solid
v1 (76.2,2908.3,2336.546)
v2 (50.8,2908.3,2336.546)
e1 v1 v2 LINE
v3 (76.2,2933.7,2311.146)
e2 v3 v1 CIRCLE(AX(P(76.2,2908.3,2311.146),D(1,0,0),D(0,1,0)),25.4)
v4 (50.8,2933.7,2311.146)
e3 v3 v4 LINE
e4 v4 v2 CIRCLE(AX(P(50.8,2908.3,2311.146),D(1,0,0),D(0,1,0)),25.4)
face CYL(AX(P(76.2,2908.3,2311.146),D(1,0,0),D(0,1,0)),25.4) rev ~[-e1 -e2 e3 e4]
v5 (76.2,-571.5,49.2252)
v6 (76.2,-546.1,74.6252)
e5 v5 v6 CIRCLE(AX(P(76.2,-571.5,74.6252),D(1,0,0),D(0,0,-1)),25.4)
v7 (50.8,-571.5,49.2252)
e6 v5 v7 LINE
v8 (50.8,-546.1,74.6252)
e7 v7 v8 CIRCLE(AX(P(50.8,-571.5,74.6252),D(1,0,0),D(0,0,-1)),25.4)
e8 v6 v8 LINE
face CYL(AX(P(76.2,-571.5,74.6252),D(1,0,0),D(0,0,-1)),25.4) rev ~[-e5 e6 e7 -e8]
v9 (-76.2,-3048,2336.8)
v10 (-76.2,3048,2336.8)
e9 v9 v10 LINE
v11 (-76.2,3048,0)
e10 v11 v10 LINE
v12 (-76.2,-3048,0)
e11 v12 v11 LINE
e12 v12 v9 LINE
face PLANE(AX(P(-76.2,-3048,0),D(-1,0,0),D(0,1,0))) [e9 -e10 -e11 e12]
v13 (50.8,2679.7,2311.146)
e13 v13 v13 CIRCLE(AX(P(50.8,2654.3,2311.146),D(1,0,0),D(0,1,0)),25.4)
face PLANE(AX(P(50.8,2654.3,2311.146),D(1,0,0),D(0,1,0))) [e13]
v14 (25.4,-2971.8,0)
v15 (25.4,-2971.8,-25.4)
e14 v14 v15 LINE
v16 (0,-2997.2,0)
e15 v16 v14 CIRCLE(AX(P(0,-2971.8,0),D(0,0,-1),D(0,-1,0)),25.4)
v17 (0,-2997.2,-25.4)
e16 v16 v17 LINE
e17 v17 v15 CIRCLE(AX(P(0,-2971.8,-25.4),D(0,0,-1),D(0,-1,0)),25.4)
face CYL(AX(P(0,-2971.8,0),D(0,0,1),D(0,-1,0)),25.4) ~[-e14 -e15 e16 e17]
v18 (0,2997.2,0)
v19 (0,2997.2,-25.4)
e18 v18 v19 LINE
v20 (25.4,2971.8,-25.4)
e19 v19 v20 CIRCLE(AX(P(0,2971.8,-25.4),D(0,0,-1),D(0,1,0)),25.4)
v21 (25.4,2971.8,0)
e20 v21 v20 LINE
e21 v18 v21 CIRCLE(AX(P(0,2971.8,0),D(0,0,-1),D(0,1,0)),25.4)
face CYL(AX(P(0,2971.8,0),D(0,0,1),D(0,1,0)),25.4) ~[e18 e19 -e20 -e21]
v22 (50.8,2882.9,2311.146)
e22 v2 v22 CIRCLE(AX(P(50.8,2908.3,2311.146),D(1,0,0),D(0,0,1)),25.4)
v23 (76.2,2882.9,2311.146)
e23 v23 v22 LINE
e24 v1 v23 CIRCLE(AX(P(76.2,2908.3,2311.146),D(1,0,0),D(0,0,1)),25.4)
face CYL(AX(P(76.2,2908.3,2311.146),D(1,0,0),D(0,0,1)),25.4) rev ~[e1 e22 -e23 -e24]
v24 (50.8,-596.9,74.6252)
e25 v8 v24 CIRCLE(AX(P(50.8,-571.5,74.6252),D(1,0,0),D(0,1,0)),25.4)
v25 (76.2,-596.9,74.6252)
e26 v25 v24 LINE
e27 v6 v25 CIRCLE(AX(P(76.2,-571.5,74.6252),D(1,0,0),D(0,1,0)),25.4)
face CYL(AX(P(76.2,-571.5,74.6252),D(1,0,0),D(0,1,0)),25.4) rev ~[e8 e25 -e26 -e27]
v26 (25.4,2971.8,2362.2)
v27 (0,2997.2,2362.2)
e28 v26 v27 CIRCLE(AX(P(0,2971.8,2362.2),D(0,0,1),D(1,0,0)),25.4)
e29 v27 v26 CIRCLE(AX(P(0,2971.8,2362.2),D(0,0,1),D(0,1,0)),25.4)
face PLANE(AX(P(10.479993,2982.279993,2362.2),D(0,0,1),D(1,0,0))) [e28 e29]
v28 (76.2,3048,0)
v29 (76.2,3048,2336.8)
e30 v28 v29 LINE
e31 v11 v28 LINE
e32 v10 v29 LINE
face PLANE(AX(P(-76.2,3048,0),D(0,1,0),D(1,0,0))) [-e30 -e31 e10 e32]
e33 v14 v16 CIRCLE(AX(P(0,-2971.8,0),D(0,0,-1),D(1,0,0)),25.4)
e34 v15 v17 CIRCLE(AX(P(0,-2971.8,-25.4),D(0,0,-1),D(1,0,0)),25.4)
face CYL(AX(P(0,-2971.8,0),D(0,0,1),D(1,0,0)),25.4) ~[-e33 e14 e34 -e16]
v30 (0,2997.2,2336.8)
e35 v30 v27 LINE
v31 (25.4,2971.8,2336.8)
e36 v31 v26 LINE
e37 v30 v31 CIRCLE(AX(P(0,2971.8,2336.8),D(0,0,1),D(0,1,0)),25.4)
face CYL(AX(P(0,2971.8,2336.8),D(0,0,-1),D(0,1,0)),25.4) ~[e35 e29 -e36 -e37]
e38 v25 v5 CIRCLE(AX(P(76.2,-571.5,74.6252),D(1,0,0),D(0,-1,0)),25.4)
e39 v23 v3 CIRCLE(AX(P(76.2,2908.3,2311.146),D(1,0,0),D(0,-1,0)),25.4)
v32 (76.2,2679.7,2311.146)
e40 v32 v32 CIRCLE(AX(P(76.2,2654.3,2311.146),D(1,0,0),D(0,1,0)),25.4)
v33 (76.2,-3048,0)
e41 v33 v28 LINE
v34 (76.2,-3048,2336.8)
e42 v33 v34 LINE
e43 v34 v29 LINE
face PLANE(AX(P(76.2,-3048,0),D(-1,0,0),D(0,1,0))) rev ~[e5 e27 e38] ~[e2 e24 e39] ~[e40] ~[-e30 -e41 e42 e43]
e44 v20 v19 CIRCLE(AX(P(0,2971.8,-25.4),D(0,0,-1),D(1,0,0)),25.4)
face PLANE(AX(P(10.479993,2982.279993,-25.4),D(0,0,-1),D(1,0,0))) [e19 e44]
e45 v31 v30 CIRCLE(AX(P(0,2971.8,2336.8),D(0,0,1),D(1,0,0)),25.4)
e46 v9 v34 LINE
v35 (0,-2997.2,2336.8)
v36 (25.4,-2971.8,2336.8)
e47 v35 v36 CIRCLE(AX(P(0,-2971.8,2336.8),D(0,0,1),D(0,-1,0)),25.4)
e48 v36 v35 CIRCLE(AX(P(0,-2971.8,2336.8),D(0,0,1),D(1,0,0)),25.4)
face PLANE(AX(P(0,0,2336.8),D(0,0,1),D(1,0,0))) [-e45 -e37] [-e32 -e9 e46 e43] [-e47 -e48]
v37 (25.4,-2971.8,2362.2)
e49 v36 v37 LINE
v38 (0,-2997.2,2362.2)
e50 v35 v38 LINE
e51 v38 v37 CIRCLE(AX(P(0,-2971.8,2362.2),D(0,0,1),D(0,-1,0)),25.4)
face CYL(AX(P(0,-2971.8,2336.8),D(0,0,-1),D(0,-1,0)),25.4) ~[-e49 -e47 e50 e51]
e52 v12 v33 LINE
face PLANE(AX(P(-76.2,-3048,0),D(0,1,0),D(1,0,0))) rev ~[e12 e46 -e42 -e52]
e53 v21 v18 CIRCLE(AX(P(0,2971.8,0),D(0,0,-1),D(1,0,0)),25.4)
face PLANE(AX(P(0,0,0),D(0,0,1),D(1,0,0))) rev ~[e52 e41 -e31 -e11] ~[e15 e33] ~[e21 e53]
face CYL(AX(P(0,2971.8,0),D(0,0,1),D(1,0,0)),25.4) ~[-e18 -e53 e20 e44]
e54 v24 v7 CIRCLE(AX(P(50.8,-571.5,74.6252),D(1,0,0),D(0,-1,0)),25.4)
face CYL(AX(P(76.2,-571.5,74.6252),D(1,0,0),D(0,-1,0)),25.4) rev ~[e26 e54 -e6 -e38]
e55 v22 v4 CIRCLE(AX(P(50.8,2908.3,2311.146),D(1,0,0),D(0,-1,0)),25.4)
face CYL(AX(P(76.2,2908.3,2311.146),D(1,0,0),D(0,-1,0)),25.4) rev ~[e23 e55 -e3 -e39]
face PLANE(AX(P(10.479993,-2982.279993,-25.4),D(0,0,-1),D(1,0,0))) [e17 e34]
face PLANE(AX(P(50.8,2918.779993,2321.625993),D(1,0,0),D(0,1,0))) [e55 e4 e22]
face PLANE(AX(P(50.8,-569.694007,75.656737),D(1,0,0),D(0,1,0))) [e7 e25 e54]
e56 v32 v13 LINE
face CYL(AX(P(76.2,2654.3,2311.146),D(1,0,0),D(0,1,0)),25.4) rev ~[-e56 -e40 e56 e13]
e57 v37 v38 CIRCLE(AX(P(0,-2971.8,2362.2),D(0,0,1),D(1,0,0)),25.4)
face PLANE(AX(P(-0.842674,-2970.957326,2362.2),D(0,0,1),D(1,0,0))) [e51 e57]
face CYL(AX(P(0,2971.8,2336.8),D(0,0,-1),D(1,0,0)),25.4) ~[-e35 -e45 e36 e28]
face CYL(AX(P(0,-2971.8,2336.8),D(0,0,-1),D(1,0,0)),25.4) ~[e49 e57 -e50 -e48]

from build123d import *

# Parameters (mm, degrees)
F0_W     = 152.4
F0_H     = 6096
F1_DEPTH = 2336.8
F3_DEPTH = 25.4
F5_DEPTH = 25.4
F6_R     = 25.4
F7_DEPTH = 25.4


with BuildPart() as f1:
    # F0 (on Top) → F1 (new body)
    with BuildSketch(Plane.XY):
        Rectangle(F0_W, F0_H)
    extrude(amount=F1_DEPTH)

    # F2 (on face) → F3 (join)
    with BuildSketch(Plane.XY.offset(2336.8)):
        with BuildLine():
            Line((0, 2971.8), (25.4, 2971.8))
            ThreePointArc((25.4, 2971.8), (17.9605122421, 2989.7605122421), (0, 2997.2))
            Line((0, 2997.2), (0, 2971.8))
        make_face()
        with BuildLine():
            ThreePointArc((0, 2997.2), (-17.9605122421, 2953.8394877579), (25.4, 2971.8))
            Line((25.4, 2971.8), (0, 2971.8))
            Line((0, 2971.8), (0, 2997.2))
        make_face()
        with BuildLine():
            ThreePointArc((25.4, -2971.8), (-17.9605122421, -2953.8394877579), (0, -2997.2))
            Line((0, -2997.2), (0, -2971.8))
            Line((0, -2971.8), (25.4, -2971.8))
        make_face()
        with BuildLine():
            Line((0, -2971.8), (0, -2997.2))
            ThreePointArc((0, -2997.2), (17.9605122421, -2989.7605122421), (25.4, -2971.8))
            Line((25.4, -2971.8), (0, -2971.8))
        make_face()
    extrude(amount=F3_DEPTH)

    # F4 (on face) → F5 (join)
    with BuildSketch(Plane(origin=(0, 0, 0), x_dir=(1, 0, 0), z_dir=(0, 0, -1))):
        with BuildLine():
            ThreePointArc((25.4, 2971.8), (17.9605122421, 2989.7605122421), (0, 2997.2))
            Line((0, 2997.2), (0, 2971.8))
            Line((0, 2971.8), (25.4, 2971.8))
        make_face()
        with BuildLine():
            Line((0, 2971.8), (0, 2997.2))
            ThreePointArc((0, 2997.2), (-17.9605122421, 2953.8394877579), (25.4, 2971.8))
            Line((25.4, 2971.8), (0, 2971.8))
        make_face()
        with BuildLine():
            ThreePointArc((0, -2997.2), (17.9605122421, -2989.7605122421), (25.4, -2971.8))
            Line((25.4, -2971.8), (0, -2971.8))
            Line((0, -2971.8), (0, -2997.2))
        make_face()
        with BuildLine():
            Line((0, -2971.8), (25.4, -2971.8))
            ThreePointArc((25.4, -2971.8), (-17.9605122421, -2953.8394877579), (0, -2997.2))
            Line((0, -2997.2), (0, -2971.8))
        make_face()
    extrude(amount=F5_DEPTH)

    # F6 (on face) → F7 (cut)
    with BuildSketch(Plane.YZ.offset(76.2)):
        with BuildLine():
            Line((-571.5, 74.6252), (-571.5, 49.2252))
            ThreePointArc((-571.5, 49.2252), (-553.5394877579, 56.6646877579), (-546.1, 74.6252))
            ThreePointArc((-546.1, 74.6252), (-571.5, 100.0252), (-596.9, 74.6252))
            Line((-596.9, 74.6252), (-571.5, 74.6252))
        make_face()
        with BuildLine():
            ThreePointArc((-596.9, 74.6252), (-589.4605122421, 56.6646877579), (-571.5, 49.2252))
            Line((-571.5, 49.2252), (-571.5, 74.6252))
            Line((-571.5, 74.6252), (-596.9, 74.6252))
        make_face()
        with BuildLine():
            Line((2908.3, 2311.146), (2933.7, 2311.146))
            ThreePointArc((2933.7, 2311.146), (2926.2605122421, 2329.1065122421), (2908.3, 2336.546))
            Line((2908.3, 2336.546), (2908.3, 2311.146))
        make_face()
        with BuildLine():
            Line((2908.3, 2311.146), (2908.3, 2336.546))
            ThreePointArc((2908.3, 2336.546), (2890.3394877579, 2329.1065122421), (2882.9, 2311.146))
            Line((2882.9, 2311.146), (2908.3, 2311.146))
        make_face()
        with BuildLine():
            ThreePointArc((2882.9, 2311.146), (2908.3, 2285.746), (2933.7, 2311.146))
            Line((2933.7, 2311.146), (2908.3, 2311.146))
            Line((2908.3, 2311.146), (2882.9, 2311.146))
        make_face()
        with Locations((2654.3, 2311.146)):
            Circle(F6_R)
    extrude(amount=-F7_DEPTH, mode=Mode.SUBTRACT)


solid = f1.part
